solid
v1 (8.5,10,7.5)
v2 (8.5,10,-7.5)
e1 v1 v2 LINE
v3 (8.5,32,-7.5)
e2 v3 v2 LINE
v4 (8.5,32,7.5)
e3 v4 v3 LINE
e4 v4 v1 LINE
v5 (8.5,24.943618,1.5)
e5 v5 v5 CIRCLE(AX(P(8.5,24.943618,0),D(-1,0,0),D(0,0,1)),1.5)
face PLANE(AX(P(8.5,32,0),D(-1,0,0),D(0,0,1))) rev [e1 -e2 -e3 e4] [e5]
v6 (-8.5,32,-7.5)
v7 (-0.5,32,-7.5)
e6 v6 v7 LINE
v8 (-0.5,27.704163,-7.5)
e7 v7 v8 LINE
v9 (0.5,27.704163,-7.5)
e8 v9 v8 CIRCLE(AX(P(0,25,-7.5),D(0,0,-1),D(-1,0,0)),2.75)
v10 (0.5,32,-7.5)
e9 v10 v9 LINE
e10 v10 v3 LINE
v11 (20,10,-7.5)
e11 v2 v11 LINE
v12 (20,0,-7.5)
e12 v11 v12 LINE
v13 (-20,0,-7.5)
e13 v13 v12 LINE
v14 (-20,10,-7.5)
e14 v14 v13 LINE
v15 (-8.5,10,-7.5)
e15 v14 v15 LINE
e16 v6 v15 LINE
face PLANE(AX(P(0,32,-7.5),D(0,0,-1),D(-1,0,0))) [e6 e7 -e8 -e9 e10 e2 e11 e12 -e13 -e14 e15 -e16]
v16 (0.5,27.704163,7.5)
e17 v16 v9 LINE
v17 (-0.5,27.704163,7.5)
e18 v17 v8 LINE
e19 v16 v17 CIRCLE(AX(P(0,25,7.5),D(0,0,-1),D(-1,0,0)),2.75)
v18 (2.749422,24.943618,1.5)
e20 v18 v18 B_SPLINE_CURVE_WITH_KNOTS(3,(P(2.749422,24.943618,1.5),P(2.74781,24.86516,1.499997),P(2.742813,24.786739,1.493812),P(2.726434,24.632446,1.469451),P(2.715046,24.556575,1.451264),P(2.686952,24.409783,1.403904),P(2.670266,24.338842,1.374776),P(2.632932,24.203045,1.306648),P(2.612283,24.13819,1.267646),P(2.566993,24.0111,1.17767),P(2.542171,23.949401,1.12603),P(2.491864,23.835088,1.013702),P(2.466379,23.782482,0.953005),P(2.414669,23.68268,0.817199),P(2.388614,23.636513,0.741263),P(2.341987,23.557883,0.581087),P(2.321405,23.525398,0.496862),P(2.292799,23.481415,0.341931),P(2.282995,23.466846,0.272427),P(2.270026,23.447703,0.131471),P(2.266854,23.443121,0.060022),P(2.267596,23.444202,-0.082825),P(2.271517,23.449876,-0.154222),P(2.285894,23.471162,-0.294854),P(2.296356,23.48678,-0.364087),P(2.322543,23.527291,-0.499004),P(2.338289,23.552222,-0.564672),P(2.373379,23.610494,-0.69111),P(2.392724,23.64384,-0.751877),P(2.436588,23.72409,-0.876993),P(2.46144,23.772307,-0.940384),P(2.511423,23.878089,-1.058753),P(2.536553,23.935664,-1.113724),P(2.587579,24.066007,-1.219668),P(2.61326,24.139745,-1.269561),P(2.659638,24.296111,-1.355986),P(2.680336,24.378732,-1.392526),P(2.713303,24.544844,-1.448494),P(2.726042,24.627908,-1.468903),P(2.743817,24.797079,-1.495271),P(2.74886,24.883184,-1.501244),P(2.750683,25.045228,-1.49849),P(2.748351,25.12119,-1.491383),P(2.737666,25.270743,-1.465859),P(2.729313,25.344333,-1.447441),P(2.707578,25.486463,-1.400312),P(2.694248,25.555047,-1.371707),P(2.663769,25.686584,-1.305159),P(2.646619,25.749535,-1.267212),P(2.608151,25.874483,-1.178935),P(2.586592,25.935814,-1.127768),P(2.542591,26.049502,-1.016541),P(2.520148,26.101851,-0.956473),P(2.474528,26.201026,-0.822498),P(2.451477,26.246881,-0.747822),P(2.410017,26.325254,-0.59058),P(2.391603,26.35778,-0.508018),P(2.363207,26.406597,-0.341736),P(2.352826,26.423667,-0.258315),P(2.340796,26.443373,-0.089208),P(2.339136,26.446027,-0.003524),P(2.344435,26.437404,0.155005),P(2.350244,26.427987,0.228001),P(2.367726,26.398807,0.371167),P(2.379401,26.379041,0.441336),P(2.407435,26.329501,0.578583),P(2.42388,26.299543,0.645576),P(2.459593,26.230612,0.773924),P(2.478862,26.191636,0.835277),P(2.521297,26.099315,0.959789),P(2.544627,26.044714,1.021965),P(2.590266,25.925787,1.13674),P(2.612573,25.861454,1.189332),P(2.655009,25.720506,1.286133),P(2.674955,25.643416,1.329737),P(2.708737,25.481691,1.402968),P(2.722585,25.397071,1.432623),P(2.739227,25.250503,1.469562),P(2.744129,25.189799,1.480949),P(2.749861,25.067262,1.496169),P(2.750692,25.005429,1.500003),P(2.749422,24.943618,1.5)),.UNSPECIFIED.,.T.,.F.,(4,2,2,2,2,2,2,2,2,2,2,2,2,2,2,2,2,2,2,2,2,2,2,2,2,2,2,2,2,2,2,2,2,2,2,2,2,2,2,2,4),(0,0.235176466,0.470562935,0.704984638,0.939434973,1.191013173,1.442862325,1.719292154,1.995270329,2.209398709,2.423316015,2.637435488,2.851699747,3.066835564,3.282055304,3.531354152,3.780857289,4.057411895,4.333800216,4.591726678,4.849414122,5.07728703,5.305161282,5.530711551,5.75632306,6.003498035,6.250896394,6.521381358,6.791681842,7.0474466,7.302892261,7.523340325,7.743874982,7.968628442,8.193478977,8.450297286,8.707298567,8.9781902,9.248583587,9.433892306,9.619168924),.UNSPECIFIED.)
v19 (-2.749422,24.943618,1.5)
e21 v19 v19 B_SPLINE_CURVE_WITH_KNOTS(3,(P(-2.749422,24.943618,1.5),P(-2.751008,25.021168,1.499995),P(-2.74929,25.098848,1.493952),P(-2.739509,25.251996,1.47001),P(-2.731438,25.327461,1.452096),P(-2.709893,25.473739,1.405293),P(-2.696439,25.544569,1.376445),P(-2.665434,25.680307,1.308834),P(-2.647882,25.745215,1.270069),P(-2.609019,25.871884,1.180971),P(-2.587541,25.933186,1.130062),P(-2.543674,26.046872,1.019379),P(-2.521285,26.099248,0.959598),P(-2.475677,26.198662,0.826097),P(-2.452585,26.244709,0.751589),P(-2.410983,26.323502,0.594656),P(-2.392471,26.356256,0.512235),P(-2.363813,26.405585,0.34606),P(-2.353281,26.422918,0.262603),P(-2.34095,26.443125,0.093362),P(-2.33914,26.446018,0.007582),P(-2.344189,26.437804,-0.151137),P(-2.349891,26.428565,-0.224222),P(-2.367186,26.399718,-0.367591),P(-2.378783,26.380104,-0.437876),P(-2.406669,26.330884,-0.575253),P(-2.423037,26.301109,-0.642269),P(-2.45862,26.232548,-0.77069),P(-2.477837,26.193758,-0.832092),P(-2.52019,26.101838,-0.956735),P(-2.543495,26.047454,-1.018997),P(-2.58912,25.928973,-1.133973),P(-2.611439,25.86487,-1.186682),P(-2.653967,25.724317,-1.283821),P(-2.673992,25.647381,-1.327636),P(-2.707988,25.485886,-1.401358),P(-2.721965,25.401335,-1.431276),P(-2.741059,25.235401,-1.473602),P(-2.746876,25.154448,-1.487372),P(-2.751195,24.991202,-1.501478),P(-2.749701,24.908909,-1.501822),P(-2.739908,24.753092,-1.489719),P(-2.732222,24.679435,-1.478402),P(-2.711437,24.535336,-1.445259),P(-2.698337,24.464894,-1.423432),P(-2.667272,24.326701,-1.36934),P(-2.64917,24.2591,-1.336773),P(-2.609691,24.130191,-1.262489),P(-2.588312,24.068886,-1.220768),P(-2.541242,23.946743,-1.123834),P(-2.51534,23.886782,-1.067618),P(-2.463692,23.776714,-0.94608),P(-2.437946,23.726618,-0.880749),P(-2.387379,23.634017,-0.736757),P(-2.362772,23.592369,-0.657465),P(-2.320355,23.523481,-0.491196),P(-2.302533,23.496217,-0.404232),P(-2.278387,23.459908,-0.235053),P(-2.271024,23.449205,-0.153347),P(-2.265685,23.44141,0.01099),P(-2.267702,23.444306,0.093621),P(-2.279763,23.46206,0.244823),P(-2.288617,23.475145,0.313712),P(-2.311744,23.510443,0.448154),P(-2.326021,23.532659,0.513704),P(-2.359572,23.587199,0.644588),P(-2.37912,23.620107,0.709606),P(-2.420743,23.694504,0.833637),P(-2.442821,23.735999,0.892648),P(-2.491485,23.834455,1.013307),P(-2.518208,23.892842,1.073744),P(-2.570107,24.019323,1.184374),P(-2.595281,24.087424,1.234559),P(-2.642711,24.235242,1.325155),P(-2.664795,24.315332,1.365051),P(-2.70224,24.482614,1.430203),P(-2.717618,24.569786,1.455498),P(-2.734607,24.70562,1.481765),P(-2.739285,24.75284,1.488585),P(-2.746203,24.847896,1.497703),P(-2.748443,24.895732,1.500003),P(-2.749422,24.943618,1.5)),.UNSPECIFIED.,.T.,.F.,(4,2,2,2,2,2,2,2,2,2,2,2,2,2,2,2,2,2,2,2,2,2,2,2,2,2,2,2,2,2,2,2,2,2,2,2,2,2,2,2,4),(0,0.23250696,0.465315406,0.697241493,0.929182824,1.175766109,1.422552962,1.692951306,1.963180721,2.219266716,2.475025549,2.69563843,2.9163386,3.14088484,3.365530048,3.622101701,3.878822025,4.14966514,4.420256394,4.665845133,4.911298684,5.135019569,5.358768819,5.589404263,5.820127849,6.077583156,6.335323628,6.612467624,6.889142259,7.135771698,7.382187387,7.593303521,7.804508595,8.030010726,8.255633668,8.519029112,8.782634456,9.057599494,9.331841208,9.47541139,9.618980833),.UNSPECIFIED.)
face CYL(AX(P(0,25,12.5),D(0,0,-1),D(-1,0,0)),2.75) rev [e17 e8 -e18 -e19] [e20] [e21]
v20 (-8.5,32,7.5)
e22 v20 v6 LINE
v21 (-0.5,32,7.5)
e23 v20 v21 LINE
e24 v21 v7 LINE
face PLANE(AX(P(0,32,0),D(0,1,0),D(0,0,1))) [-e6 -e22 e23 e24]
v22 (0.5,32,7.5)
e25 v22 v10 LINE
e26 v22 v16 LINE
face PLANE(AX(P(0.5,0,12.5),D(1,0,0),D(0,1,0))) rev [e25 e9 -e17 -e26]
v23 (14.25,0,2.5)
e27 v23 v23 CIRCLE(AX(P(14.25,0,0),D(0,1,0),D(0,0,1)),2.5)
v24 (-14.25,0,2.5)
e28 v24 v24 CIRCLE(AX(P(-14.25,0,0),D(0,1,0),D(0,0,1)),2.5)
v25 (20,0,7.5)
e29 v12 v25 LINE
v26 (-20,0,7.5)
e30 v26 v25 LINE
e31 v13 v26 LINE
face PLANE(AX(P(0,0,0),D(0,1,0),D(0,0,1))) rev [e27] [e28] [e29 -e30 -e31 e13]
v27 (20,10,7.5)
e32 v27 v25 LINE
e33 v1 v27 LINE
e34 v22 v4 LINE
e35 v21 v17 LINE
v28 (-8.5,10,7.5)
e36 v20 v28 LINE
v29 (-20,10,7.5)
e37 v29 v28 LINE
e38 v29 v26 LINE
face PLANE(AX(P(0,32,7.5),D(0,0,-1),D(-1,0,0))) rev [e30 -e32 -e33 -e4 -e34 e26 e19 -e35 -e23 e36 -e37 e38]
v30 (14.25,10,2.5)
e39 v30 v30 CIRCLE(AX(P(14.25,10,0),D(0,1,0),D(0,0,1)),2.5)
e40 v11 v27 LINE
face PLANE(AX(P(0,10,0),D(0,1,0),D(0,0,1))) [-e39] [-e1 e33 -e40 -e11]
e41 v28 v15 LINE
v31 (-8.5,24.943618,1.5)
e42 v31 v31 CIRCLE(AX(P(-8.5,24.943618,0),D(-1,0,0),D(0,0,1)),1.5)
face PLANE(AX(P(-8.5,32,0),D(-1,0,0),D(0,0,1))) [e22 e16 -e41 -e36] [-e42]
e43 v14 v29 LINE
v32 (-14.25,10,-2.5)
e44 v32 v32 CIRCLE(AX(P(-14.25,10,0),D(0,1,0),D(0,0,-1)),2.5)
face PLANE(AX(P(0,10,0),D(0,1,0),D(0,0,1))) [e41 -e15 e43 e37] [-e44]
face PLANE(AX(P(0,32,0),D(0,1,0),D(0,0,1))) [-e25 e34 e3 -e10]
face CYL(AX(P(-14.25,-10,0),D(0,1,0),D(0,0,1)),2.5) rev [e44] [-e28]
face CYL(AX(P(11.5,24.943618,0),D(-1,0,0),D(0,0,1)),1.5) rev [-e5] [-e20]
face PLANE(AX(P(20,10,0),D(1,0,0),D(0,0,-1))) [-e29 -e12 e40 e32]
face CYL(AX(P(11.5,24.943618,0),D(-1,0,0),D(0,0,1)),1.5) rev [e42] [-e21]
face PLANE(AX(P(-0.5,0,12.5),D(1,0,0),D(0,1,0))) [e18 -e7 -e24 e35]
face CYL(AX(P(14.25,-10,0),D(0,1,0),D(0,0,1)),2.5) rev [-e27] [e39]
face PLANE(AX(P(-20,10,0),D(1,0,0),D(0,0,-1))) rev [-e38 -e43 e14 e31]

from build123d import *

# Parameters (mm, degrees)
CROQUIS1_W              = 17
CROQUIS1_H              = 15
SALIENTE_EXTRUIR1_DEPTH = 32
CROQUIS1_3_W            = 11.5
CROQUIS1_3_H            = 15
SALIENTE_EXTRUIR2_DEPTH = 10
CORTAR_EXTRUIR1_DEPTH   = 20
CROQUIS3_R              = 2.5
CORTAR_EXTRUIR2_DEPTH   = 20
CROQUIS4_R              = 1.5
CORTAR_EXTRUIR3_DEPTH   = 20


with BuildPart() as part:
    # Croquis1 → Saliente-Extruir1 (new body)
    with BuildSketch(Plane(origin=(0, 0, 0), x_dir=(1, 0, 0), z_dir=(0, 1, 0))):
        Rectangle(CROQUIS1_W, CROQUIS1_H)
    extrude(amount=SALIENTE_EXTRUIR1_DEPTH)

    # Croquis1<3> → Saliente-Extruir2 (add)
    with BuildSketch(Plane(origin=(0, 0, 0), x_dir=(1, 0, 0), z_dir=(0, 1, 0))):
        with Locations((-14.25, 0)):
            Rectangle(CROQUIS1_3_W, CROQUIS1_3_H)
        with Locations((14.25, 0)):
            Rectangle(CROQUIS1_3_W, CROQUIS1_3_H)
    extrude(amount=SALIENTE_EXTRUIR2_DEPTH)

    # Croquis2 → Cortar-Extruir1 (cut)
    with BuildSketch(Plane(origin=(0, 0, -7.5), x_dir=(-1, 0, 0), z_dir=(0, 0, -1))):
        with BuildLine():
            Line((0.5, 32), (-0.5, 32))
            Line((-0.5, 32), (-0.5, 27.704163457))
            ThreePointArc((-0.5, 27.704163457), (0, 22.25), (0.5, 27.704163457))
            Line((0.5, 27.704163457), (0.5, 32))
        make_face()
    extrude(amount=-CORTAR_EXTRUIR1_DEPTH, mode=Mode.SUBTRACT)

    # Croquis3 → Cortar-Extruir2 (cut)
    with BuildSketch(Plane(origin=(0, 10, 0), x_dir=(1, 0, 0), z_dir=(0, 1, 0))):
        with Locations((14.25, 0)):
            Circle(CROQUIS3_R)
        with Locations((-14.25, 0)):
            Circle(CROQUIS3_R)
    extrude(amount=-CORTAR_EXTRUIR2_DEPTH, mode=Mode.SUBTRACT)

    # Croquis4 → Cortar-Extruir3 (cut)
    with BuildSketch(Plane.ZY.offset(8.5)):
        with Locations((0, 24.943618043)):
            Circle(CROQUIS4_R)
    extrude(amount=-CORTAR_EXTRUIR3_DEPTH, mode=Mode.SUBTRACT)


solid = part.part
